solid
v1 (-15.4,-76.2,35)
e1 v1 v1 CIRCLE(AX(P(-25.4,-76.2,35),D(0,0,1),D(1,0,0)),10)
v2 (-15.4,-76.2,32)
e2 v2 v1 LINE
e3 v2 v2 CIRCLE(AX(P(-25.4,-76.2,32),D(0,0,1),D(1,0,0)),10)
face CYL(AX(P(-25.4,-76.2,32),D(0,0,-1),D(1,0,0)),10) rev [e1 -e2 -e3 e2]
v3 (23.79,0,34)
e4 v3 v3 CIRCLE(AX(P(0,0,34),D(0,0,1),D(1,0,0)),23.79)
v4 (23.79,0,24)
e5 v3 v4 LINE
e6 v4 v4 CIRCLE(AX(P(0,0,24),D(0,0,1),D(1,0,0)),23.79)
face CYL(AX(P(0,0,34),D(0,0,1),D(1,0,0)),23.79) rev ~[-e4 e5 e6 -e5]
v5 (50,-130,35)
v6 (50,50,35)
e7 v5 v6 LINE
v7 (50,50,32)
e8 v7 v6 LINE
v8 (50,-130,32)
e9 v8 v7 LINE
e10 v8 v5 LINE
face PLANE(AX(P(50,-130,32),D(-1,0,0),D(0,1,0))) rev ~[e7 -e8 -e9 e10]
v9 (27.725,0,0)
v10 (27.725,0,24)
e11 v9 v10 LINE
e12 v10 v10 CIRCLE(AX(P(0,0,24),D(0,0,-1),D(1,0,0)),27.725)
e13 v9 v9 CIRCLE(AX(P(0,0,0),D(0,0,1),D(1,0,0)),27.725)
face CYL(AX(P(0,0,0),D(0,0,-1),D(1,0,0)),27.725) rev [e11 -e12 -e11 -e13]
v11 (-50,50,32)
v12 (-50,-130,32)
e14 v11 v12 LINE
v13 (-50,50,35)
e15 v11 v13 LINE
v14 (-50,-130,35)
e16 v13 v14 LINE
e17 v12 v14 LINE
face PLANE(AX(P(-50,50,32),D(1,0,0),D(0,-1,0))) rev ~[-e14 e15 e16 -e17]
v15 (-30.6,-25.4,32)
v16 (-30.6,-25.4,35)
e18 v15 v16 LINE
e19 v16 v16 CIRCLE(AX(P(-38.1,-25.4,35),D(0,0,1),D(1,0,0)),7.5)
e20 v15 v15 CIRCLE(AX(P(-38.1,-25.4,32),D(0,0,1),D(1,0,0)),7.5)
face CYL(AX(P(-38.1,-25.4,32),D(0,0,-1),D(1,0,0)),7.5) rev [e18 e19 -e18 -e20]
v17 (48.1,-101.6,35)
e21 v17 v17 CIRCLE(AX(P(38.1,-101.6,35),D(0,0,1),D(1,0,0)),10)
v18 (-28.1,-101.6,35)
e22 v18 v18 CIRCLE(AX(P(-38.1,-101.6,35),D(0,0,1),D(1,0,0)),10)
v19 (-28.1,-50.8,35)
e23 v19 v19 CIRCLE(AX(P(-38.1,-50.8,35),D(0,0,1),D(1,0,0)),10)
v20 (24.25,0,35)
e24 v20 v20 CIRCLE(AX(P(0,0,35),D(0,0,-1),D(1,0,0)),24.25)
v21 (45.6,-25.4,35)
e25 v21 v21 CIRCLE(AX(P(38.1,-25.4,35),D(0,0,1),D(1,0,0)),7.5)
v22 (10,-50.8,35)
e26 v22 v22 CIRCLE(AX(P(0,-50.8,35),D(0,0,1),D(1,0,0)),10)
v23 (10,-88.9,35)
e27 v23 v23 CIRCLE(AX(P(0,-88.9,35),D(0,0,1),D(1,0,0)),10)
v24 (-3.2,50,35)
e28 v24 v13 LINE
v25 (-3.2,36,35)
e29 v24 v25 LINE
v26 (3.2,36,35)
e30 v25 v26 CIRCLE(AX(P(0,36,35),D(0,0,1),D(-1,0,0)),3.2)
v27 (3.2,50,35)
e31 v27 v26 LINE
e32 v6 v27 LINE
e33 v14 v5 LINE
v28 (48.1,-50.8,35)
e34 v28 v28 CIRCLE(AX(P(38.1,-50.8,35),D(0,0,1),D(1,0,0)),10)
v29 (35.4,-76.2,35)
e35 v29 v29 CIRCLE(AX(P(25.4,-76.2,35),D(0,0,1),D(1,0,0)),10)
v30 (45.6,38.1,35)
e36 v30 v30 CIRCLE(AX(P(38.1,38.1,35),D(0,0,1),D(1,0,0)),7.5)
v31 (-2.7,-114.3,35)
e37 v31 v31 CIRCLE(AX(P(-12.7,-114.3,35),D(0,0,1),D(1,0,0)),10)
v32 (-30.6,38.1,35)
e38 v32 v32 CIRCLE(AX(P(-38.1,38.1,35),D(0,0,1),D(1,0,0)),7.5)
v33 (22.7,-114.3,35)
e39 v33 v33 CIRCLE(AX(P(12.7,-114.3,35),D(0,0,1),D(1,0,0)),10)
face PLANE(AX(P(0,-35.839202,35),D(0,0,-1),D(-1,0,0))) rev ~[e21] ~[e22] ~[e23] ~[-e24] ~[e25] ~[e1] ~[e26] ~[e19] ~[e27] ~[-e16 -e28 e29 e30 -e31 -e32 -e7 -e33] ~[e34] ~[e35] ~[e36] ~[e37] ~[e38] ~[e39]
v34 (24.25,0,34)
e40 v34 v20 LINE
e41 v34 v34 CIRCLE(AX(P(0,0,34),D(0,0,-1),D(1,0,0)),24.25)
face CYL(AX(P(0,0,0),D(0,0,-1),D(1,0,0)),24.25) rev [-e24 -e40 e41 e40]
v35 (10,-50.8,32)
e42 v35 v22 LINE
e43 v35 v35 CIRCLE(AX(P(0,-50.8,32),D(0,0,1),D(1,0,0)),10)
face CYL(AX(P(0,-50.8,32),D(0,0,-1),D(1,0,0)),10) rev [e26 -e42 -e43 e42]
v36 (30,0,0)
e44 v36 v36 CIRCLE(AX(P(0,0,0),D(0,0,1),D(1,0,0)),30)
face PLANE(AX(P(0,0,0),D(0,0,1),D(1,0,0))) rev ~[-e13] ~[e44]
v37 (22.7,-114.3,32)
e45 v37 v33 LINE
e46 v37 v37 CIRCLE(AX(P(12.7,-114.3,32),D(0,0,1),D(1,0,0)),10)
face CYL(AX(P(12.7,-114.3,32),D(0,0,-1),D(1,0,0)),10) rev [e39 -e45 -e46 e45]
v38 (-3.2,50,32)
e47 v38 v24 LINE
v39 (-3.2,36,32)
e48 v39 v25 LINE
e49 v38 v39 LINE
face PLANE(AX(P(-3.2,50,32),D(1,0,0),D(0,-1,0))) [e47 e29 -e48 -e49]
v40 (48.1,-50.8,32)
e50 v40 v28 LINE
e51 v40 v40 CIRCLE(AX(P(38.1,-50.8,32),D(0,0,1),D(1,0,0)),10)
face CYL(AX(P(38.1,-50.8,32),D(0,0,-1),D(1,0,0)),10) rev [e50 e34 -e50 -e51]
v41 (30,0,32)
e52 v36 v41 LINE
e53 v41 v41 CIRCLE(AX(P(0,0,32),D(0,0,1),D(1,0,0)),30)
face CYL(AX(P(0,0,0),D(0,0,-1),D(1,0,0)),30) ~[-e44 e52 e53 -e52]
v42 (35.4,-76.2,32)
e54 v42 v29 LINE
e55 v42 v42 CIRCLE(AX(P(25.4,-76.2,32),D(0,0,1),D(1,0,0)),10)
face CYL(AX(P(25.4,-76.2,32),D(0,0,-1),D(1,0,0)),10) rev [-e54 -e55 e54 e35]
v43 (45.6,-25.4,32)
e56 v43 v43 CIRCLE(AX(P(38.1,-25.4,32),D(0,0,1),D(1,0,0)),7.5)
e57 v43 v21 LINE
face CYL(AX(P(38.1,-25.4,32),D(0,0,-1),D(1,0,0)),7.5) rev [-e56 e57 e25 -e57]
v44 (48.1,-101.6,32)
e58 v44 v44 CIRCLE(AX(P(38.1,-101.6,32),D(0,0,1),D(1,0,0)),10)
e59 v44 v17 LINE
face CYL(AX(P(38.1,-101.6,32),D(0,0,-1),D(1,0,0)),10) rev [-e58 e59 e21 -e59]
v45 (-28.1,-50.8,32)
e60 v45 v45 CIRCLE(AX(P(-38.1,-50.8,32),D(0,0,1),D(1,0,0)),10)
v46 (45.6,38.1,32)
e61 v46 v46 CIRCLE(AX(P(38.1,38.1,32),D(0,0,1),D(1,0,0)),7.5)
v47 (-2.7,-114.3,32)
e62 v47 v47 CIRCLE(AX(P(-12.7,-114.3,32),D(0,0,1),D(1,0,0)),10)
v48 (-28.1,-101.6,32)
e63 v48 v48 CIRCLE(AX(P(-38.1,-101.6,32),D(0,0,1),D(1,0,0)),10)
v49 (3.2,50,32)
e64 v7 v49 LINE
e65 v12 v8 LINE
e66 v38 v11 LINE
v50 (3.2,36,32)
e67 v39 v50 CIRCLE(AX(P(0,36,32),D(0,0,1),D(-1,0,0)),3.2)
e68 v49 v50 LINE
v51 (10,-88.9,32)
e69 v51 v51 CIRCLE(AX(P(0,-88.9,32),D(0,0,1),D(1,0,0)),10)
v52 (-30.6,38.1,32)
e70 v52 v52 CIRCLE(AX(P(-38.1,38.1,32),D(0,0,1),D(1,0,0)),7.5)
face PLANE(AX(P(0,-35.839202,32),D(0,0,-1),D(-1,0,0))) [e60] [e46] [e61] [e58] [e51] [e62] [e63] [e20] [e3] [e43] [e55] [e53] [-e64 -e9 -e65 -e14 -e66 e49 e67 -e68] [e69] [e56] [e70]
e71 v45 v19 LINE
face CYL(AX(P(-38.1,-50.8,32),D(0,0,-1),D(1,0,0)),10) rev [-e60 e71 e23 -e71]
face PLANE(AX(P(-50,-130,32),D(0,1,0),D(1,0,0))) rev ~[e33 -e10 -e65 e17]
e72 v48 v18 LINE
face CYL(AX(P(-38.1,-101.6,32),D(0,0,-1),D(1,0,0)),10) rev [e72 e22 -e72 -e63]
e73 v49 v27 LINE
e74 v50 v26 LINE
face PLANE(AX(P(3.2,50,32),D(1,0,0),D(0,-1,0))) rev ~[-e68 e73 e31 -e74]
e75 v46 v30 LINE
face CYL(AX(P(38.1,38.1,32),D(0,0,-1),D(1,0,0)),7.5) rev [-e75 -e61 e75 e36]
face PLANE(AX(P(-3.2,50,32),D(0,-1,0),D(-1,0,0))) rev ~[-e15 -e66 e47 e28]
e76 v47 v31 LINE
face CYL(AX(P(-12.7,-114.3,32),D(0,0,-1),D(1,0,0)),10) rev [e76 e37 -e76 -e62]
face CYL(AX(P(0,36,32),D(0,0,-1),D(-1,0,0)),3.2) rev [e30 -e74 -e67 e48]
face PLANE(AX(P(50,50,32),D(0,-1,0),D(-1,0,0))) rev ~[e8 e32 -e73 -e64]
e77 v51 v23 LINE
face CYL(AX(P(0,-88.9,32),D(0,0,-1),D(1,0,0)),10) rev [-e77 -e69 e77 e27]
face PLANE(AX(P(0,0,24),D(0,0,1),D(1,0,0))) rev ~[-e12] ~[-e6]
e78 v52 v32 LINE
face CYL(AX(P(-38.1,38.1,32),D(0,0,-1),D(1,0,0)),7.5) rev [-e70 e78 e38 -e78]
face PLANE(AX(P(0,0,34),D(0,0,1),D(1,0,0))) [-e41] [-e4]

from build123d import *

# Parameters (mm, degrees)
SKETCH_R      = 30
SKETCH_R_2    = 27.725
PAD_DEPTH     = 32
SKETCH001_R   = 10
SKETCH001_R_2 = 7.5
PAD001_DEPTH  = 3
SKETCH002_R   = 24.25
POCKET_DEPTH  = 35.001
SKETCH003_R   = 30
SKETCH003_R_2 = 23.79
PAD002_DEPTH  = 10


with BuildPart() as part:
    # Sketch → Pad (new body)
    with BuildSketch(Plane.XY):
        Circle(SKETCH_R)
        Circle(SKETCH_R_2, mode=Mode.SUBTRACT)
    extrude(amount=PAD_DEPTH)

    # Sketch001 (on Face4 of Pad) → Pad001 (join)
    with BuildSketch(Plane.XY.offset(32)):
        with BuildLine():
            ThreePointArc((-3.2, 36), (0, 32.8), (3.2, 36))
            Line((3.2, 50), (3.2, 36))
            Line((50, 50), (3.2, 50))
            Line((50, -130), (50, 50))
            Line((-50, -130), (50, -130))
            Line((-50, 50), (-50, -130))
            Line((-3.2, 50), (-50, 50))
            Line((-3.2, 50), (-3.2, 36))
        make_face()
        with Locations((0, -50.8)):
            Circle(SKETCH001_R, mode=Mode.SUBTRACT)
        with Locations((-38.1, -50.8)):
            Circle(SKETCH001_R, mode=Mode.SUBTRACT)
        with Locations((38.1, -50.8)):
            Circle(SKETCH001_R, mode=Mode.SUBTRACT)
        with Locations((-25.4, -76.2)):
            Circle(SKETCH001_R, mode=Mode.SUBTRACT)
        with Locations((25.4, -76.2)):
            Circle(SKETCH001_R, mode=Mode.SUBTRACT)
        with Locations((0, -88.9)):
            Circle(SKETCH001_R, mode=Mode.SUBTRACT)
        with Locations((-38.1, -101.6)):
            Circle(SKETCH001_R, mode=Mode.SUBTRACT)
        with Locations((38.1, -101.6)):
            Circle(SKETCH001_R, mode=Mode.SUBTRACT)
        with Locations((-12.7, -114.3)):
            Circle(SKETCH001_R, mode=Mode.SUBTRACT)
        with Locations((12.7, -114.3)):
            Circle(SKETCH001_R, mode=Mode.SUBTRACT)
        with Locations((-38.1, 38.1)):
            Circle(SKETCH001_R_2, mode=Mode.SUBTRACT)
        with Locations((38.1, 38.1)):
            Circle(SKETCH001_R_2, mode=Mode.SUBTRACT)
        with Locations((38.1, -25.4)):
            Circle(SKETCH001_R_2, mode=Mode.SUBTRACT)
        with Locations((-38.1, -25.4)):
            Circle(SKETCH001_R_2, mode=Mode.SUBTRACT)
    extrude(amount=PAD001_DEPTH)

    # Sketch002 → Pocket (cut, through all)
    with BuildSketch(Plane.XY):
        Circle(SKETCH002_R)
    extrude(amount=POCKET_DEPTH, mode=Mode.SUBTRACT)

    # Sketch003 → Pad002 (join)
    with BuildSketch(Plane.XY.offset(34)):
        Circle(SKETCH003_R)
        Circle(SKETCH003_R_2, mode=Mode.SUBTRACT)
    extrude(amount=-PAD002_DEPTH)


solid = part.part
